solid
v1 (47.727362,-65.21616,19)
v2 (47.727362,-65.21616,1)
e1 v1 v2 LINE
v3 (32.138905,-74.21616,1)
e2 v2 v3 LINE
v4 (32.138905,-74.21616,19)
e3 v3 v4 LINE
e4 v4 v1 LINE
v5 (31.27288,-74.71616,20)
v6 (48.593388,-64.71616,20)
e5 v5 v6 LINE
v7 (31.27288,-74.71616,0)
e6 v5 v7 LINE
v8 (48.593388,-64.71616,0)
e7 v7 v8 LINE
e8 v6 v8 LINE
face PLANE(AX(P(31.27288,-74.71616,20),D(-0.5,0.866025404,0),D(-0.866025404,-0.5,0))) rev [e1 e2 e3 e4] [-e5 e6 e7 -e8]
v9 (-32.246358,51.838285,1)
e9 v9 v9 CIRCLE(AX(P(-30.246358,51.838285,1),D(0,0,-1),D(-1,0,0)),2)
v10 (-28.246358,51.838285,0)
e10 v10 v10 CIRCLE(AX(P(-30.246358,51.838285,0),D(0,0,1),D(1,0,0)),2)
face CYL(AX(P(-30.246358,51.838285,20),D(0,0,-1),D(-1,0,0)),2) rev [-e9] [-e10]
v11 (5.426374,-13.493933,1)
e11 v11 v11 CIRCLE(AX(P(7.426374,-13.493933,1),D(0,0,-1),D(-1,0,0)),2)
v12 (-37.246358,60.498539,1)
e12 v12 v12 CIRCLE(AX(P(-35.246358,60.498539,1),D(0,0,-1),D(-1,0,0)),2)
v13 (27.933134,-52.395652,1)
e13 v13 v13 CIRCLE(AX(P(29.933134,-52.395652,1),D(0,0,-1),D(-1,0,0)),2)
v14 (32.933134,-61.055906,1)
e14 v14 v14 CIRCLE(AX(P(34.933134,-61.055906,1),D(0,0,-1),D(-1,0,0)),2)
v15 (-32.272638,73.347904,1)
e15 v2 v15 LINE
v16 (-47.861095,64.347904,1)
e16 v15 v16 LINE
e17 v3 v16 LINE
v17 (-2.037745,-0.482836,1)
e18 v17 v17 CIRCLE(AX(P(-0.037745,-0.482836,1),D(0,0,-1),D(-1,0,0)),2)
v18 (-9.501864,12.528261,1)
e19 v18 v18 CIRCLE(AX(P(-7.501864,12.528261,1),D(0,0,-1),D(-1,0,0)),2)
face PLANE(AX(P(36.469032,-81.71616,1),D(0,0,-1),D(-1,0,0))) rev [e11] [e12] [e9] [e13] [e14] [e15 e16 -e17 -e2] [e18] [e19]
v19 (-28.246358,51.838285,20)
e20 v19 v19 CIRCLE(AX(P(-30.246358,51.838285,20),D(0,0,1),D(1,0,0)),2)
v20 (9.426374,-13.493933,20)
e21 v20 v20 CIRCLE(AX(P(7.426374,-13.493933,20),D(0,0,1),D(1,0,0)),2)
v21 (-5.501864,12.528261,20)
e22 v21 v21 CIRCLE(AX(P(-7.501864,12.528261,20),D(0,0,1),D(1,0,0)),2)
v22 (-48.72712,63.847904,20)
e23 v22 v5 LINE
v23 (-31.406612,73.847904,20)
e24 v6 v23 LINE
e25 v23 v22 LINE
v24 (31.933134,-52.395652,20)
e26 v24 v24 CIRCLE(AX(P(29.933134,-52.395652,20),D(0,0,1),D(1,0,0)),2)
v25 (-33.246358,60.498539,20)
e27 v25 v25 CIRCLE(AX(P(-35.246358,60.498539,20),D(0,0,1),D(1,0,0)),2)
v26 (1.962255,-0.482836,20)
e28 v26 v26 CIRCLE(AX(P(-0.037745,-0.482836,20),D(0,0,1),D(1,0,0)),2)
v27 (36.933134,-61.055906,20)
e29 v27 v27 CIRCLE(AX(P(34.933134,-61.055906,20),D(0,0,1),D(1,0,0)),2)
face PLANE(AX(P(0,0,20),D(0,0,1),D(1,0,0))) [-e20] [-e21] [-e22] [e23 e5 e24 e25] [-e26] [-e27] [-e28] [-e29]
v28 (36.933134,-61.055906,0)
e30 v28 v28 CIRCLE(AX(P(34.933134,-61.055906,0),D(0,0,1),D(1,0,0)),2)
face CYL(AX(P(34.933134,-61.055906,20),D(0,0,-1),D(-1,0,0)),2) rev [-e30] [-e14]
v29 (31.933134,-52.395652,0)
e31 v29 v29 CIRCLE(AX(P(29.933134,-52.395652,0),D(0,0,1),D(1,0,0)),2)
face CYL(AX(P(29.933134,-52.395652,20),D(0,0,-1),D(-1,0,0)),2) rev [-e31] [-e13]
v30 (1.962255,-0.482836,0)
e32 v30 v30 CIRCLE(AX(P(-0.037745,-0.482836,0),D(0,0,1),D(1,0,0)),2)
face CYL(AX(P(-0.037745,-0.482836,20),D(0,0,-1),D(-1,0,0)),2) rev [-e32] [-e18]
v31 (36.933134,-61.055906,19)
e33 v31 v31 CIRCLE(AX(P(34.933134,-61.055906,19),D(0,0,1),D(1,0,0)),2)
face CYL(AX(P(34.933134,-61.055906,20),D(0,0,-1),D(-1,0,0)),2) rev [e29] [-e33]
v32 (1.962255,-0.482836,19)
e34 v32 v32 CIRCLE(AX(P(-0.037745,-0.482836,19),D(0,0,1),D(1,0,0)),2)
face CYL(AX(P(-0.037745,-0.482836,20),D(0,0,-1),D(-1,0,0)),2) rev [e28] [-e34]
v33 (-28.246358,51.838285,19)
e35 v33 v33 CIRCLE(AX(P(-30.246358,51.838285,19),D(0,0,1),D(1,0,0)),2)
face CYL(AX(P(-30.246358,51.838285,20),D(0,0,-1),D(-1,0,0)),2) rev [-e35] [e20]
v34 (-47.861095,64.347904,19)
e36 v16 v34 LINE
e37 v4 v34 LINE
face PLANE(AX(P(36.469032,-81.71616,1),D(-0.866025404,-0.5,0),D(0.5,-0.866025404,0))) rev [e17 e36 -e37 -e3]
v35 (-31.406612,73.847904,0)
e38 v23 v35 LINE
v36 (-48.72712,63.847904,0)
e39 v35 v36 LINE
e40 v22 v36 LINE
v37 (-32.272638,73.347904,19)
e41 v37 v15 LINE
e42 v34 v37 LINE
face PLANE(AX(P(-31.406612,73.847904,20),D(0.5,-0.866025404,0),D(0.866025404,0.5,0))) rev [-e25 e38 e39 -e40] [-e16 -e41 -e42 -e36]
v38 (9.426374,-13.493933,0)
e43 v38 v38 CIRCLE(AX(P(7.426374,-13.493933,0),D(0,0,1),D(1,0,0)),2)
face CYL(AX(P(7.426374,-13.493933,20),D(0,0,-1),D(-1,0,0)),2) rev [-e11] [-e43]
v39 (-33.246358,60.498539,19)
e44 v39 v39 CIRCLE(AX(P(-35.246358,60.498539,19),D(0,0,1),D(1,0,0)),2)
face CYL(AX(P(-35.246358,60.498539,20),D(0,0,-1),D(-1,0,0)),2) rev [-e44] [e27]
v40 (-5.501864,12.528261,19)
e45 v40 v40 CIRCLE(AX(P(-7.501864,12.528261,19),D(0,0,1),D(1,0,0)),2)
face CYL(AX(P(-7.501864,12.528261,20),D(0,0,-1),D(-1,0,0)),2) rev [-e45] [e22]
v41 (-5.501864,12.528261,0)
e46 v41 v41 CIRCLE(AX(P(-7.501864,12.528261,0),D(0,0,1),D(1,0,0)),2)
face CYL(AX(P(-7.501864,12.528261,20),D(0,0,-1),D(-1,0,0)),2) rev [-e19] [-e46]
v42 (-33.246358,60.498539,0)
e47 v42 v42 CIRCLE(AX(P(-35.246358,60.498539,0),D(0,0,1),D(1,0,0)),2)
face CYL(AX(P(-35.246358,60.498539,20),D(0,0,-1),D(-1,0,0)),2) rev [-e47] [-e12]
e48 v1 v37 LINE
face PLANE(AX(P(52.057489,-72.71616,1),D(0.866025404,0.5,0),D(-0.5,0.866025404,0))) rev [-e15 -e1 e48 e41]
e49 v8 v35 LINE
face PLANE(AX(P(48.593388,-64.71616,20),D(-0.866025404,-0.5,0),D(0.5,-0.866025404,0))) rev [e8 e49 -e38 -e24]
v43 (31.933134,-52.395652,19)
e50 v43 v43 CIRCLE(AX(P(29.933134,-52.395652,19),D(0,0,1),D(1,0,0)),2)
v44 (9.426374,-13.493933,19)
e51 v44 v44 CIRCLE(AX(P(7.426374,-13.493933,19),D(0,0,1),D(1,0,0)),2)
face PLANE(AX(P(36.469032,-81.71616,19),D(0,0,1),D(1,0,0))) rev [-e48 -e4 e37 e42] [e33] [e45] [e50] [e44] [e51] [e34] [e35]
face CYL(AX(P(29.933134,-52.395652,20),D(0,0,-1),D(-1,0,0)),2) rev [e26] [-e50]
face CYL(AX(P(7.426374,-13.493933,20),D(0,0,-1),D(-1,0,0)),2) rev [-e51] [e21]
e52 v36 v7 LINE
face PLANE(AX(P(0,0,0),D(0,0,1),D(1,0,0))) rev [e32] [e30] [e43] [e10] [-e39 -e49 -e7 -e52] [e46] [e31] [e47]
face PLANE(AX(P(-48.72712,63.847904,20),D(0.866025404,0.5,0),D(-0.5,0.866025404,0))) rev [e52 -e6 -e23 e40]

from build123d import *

# Parameters (mm, degrees)
SKETCH_1_R          = 2
EXTRUDE_1_DEPTH     = 20
SKETCH_2_W          = 18
SKETCH_2_H          = 18
CUT_EXTRUDE_1_DEPTH = 170.907643096


with BuildPart() as part:
    # 草图1 → 凸台-拉伸1 (new body)
    with BuildSketch(Plane.XY):
        Polygon((-48.727120284, 63.847904192), (31.272879716, -74.716160413), (48.593387792, -64.716160413), (-31.406612208, 73.847904192), align=None)
        with Locations((-35.246358171, 60.498539287)):
            Circle(SKETCH_1_R, mode=Mode.SUBTRACT)
        with Locations((-30.246358171, 51.838285249)):
            Circle(SKETCH_1_R, mode=Mode.SUBTRACT)
        with Locations((-7.501863714, 12.528261216)):
            Circle(SKETCH_1_R, mode=Mode.SUBTRACT)
        with Locations((-0.037744838, -0.482835818)):
            Circle(SKETCH_1_R, mode=Mode.SUBTRACT)
        with Locations((7.426374037, -13.493932851)):
            Circle(SKETCH_1_R, mode=Mode.SUBTRACT)
        with Locations((29.933133754, -52.395652337)):
            Circle(SKETCH_1_R, mode=Mode.SUBTRACT)
        with Locations((34.933133754, -61.055906375)):
            Circle(SKETCH_1_R, mode=Mode.SUBTRACT)
    extrude(amount=EXTRUDE_1_DEPTH)

    # 草图2 → 切除-拉伸1 (cut, through all)
    with BuildSketch(Plane(origin=(-39.828733576, 68.985390154, 0), x_dir=(0.8660254037844417, 0.4999999999999949, 0), z_dir=(-0.4999999999999949, 0.8660254037844417, 0))):
        with Locations((-0.274971923, -10)):
            Rectangle(SKETCH_2_W, SKETCH_2_H)
    extrude(amount=-CUT_EXTRUDE_1_DEPTH, mode=Mode.SUBTRACT)


solid = part.part
